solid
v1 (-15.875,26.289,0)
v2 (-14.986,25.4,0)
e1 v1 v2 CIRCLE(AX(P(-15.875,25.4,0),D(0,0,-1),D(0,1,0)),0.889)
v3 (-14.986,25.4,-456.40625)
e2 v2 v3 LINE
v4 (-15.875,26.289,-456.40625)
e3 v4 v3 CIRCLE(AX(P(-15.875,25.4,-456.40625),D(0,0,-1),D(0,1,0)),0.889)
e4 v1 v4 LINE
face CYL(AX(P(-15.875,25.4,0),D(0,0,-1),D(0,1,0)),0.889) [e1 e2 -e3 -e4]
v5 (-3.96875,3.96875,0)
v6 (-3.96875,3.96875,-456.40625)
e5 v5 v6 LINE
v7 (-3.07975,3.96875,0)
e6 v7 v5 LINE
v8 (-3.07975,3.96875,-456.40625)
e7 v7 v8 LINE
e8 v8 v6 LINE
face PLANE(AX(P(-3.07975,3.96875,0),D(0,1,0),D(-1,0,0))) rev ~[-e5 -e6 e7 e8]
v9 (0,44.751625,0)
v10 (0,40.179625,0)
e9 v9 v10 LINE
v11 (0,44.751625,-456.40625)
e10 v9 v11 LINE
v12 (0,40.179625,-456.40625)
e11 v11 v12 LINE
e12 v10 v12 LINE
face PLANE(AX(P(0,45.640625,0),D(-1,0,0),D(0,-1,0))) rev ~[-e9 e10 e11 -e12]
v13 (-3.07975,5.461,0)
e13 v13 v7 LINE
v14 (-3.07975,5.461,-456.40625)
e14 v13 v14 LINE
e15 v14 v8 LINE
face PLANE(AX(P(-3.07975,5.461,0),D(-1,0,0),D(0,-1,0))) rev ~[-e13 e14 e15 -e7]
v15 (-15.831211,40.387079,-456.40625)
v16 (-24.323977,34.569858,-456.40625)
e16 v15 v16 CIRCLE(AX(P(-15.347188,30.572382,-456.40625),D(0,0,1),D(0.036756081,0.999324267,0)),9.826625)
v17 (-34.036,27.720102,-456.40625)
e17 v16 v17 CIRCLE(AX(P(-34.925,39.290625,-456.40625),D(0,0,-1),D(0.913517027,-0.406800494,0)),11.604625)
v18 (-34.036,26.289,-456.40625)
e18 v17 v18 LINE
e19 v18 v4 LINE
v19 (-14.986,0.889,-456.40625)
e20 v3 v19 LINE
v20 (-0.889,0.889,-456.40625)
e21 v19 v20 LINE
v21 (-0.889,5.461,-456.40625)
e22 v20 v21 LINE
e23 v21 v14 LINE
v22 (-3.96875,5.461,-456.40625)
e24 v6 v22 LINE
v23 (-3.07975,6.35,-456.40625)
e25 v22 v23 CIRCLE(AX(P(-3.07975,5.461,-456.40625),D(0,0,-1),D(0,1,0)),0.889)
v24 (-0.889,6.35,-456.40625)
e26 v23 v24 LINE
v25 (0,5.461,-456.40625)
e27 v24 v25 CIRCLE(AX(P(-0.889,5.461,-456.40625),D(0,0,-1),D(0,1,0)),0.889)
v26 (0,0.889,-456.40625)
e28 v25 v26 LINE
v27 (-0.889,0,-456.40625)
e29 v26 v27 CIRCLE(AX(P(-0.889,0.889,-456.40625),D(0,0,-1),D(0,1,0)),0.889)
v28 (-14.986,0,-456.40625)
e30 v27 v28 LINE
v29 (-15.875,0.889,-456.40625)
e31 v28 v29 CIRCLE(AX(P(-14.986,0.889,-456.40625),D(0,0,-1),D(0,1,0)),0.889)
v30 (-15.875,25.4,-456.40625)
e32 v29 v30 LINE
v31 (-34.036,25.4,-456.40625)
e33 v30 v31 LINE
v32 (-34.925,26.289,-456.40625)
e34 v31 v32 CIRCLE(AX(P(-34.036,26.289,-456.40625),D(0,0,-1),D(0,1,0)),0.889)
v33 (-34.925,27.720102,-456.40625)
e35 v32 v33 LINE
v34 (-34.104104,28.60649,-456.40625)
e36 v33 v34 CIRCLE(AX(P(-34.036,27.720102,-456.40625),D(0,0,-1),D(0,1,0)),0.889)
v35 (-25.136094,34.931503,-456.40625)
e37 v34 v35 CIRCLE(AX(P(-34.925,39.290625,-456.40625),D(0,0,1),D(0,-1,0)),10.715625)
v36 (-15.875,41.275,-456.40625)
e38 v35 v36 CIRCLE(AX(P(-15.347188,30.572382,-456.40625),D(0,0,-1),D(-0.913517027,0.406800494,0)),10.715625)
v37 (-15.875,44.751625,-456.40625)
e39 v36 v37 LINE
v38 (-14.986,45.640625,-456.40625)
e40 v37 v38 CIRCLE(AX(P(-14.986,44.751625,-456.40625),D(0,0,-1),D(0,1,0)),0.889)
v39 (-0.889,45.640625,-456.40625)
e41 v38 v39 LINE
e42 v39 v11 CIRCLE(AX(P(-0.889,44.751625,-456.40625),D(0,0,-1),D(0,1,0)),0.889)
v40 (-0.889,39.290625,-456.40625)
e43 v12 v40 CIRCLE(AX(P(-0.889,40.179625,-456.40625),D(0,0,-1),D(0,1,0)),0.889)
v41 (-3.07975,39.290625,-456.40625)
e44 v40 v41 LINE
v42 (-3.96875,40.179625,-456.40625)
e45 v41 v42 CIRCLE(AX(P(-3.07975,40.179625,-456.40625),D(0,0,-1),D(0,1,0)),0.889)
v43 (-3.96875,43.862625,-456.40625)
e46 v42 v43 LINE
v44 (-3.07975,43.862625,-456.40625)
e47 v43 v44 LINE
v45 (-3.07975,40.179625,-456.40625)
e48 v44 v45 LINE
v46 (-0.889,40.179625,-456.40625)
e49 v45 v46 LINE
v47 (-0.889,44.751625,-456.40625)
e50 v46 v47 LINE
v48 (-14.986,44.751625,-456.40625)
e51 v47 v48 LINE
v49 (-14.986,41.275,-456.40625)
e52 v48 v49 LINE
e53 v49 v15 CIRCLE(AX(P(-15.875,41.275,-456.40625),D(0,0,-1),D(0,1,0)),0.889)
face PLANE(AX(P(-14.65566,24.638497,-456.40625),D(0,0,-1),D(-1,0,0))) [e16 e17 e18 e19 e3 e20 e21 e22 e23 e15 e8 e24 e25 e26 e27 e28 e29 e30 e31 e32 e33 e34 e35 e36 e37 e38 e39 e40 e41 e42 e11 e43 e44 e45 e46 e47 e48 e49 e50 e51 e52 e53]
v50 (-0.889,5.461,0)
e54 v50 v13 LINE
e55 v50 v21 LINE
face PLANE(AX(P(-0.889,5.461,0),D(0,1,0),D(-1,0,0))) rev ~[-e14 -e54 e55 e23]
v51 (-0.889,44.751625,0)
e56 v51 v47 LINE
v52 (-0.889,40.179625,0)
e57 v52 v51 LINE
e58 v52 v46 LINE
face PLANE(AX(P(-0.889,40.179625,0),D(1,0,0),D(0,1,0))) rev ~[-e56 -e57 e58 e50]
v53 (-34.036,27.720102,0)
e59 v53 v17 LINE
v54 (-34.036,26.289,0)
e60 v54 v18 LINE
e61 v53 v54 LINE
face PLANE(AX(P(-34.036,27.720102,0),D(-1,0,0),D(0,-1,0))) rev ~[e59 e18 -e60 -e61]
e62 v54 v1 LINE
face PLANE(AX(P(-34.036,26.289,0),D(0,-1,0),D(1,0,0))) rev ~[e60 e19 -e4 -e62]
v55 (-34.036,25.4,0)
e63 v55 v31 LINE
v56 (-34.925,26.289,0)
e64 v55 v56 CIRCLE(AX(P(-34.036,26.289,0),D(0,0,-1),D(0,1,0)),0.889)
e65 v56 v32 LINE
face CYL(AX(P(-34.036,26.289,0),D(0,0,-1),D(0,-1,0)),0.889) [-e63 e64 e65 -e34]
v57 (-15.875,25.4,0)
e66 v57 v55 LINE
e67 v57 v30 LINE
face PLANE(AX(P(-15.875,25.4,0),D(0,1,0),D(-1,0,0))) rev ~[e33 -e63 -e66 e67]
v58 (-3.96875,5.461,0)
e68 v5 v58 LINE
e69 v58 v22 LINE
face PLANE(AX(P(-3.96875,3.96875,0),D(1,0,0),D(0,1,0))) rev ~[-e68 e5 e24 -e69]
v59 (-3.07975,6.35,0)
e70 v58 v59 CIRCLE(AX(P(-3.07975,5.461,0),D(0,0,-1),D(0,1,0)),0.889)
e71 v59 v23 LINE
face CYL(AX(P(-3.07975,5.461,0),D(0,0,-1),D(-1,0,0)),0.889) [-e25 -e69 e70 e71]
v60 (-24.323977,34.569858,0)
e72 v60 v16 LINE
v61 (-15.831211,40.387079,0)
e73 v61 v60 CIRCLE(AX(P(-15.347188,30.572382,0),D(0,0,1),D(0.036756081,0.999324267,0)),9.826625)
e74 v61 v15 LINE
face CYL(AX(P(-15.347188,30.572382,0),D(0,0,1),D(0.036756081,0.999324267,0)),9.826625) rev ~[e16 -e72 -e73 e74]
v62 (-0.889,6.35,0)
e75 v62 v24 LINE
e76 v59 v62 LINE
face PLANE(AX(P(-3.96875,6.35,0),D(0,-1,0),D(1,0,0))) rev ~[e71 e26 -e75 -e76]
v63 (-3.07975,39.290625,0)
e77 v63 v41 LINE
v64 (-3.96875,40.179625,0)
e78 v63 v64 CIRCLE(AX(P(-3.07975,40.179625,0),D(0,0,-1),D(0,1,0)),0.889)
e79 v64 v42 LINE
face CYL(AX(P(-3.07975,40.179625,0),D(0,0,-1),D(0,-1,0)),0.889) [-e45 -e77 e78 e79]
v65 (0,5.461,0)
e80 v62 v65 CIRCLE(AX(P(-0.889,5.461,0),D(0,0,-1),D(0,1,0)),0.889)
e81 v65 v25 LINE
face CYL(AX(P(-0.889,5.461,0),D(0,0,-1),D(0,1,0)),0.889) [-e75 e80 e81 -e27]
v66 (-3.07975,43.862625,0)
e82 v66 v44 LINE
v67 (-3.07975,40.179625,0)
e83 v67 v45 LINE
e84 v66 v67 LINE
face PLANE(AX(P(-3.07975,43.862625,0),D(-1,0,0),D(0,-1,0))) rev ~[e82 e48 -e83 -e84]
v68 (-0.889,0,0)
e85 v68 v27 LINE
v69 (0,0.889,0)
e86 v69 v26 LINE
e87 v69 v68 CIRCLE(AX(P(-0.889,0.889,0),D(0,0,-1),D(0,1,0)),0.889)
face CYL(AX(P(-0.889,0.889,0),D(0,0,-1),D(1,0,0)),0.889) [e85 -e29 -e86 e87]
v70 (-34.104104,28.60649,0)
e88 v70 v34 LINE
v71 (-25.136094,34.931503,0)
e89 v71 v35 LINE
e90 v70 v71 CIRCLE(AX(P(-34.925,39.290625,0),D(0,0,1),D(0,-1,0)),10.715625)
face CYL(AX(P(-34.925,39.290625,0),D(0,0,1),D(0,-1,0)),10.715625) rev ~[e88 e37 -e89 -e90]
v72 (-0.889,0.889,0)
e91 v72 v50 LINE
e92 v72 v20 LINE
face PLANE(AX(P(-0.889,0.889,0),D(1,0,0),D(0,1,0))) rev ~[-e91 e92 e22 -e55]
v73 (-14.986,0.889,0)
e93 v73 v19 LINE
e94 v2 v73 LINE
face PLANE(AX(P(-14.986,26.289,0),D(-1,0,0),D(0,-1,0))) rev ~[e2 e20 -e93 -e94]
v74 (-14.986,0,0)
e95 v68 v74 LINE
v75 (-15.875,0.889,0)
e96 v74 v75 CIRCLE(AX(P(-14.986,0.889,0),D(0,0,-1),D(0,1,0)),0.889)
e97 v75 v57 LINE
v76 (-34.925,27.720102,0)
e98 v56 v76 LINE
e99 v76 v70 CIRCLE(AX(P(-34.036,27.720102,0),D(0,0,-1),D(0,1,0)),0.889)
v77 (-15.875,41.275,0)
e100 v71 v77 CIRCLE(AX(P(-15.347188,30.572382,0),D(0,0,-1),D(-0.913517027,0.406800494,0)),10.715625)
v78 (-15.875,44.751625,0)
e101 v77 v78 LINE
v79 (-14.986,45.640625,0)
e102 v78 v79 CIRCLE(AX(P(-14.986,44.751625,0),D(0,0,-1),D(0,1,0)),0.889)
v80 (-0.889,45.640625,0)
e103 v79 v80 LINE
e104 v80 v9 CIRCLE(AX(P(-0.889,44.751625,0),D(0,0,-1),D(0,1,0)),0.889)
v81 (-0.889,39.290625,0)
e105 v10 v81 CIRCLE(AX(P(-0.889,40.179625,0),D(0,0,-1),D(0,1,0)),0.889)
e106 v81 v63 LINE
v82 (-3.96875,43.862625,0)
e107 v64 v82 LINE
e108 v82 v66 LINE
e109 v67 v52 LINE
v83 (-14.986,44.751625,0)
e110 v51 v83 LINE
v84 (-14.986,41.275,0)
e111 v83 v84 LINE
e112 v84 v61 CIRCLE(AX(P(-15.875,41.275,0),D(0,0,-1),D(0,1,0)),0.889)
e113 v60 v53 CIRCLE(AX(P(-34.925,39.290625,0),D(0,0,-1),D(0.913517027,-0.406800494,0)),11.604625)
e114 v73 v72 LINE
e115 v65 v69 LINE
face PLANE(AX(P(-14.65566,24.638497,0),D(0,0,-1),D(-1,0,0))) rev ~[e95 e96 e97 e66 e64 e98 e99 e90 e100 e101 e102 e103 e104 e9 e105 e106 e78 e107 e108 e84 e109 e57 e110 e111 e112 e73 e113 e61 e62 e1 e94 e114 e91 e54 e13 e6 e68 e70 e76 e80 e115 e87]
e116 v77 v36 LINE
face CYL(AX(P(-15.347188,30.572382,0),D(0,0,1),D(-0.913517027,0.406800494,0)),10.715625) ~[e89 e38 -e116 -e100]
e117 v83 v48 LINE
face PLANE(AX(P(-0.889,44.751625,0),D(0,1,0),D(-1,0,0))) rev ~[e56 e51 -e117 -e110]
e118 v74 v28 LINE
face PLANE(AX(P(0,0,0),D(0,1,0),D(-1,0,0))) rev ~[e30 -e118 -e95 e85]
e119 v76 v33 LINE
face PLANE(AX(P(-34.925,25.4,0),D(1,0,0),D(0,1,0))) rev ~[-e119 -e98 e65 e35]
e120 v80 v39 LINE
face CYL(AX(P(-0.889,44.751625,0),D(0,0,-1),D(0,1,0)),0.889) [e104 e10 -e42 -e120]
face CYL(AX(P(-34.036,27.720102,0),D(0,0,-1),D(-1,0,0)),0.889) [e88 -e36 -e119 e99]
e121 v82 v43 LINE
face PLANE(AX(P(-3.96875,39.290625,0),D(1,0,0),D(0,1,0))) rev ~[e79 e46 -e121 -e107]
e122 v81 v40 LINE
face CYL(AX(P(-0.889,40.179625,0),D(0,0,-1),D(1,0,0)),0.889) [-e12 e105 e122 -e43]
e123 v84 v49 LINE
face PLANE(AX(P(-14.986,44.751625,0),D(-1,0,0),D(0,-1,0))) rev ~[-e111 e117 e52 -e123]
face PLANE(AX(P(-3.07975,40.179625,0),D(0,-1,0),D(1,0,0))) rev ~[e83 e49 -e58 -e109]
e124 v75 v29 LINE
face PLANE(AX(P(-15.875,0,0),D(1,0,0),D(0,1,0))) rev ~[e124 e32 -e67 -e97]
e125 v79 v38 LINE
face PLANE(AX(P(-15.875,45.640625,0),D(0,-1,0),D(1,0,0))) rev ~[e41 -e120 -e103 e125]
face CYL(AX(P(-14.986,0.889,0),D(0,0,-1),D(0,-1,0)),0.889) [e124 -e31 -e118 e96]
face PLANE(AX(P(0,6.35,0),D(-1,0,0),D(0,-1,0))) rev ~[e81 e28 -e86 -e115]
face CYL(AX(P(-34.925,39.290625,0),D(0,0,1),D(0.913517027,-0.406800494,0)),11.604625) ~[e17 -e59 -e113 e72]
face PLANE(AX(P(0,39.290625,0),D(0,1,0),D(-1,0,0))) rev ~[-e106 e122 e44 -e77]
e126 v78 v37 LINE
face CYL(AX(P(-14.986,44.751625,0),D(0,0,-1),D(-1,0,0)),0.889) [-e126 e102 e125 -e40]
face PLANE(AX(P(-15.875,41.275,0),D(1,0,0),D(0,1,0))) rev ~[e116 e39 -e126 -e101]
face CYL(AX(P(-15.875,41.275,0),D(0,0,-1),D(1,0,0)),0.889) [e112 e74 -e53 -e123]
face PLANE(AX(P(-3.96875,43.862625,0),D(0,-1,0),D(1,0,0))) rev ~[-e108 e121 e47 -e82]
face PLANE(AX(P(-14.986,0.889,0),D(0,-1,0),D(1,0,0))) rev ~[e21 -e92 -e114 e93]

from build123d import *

# Parameters (mm, degrees)
EXTRUDE_THIN1_DEPTH = 456.40625
FILLET1_R           = 0.889


with BuildPart() as part:
    # Sketch1 → Extrude-Thin1 (new body)
    with BuildSketch(Plane.XY):
        with BuildLine():
            Line((-3.96875, 3.96875), (-3.96875, 6.35))
            Line((-3.96875, 6.35), (0, 6.35))
            Line((0, 6.35), (0, 0))
            Line((0, 0), (-15.875, 0))
            Line((-15.875, 0), (-15.875, 25.4))
            Line((-15.875, 25.4), (-34.925, 25.4))
            Line((-34.925, 25.4), (-34.925, 28.575))
            ThreePointArc((-34.925, 28.575), (-29.089166411, 30.303541744), (-25.13609411, 34.931503458))
            ThreePointArc((-25.13609411, 34.931503458), (-21.402652939, 39.412968218), (-15.875, 41.275))
            Line((-15.875, 41.275), (-15.875, 45.640625))
            Line((-15.875, 45.640625), (0, 45.640625))
            Line((0, 45.640625), (0, 39.290625))
            Line((0, 39.290625), (-3.96875, 39.290625))
            Line((-3.96875, 39.290625), (-3.96875, 43.862625))
            Line((-3.96875, 43.862625), (-3.07975, 43.862625))
            Line((-3.07975, 43.862625), (-3.07975, 40.179625))
            Line((-3.07975, 40.179625), (-0.889, 40.179625))
            Line((-0.889, 40.179625), (-0.889, 44.751625))
            Line((-0.889, 44.751625), (-14.986, 44.751625))
            Line((-14.986, 44.751625), (-14.986, 40.39236674))
            ThreePointArc((-14.986, 40.39236674), (-20.546471616, 38.910847666), (-24.323977473, 34.569857819))
            ThreePointArc((-24.323977473, 34.569857819), (-28.236581443, 29.80735665), (-34.036, 27.720102091))
            Line((-34.036, 27.720102091), (-34.036, 26.289))
            Line((-34.036, 26.289), (-14.986, 26.289))
            Line((-14.986, 26.289), (-14.986, 0.889))
            Line((-14.986, 0.889), (-0.889, 0.889))
            Line((-0.889, 0.889), (-0.889, 5.461))
            Line((-0.889, 5.461), (-3.07975, 5.461))
            Line((-3.07975, 5.461), (-3.07975, 3.96875))
            Line((-3.07975, 3.96875), (-3.96875, 3.96875))
        make_face()
    extrude(amount=-EXTRUDE_THIN1_DEPTH)

    # Fillet1
    fillet1_edges = [part.edges().sort_by_distance(p)[0] for p in [
        (-14.986, 40.39236674, -228.203125),
        (-14.986, 26.289, -228.203125),
        (-3.96875, 6.35, -228.203125),
        (0, 6.35, -228.203125),
        (0, 0, -228.203125),
        (-15.875, 0, -228.203125),
        (-34.925, 25.4, -228.203125),
        (-34.925, 28.575, -228.203125),
        (-15.875, 45.640625, -228.203125),
        (0, 45.640625, -228.203125),
        (0, 39.290625, -228.203125),
        (-3.96875, 39.290625, -228.203125),
    ]]
    fillet(fillet1_edges, radius=FILLET1_R)


solid = part.part
